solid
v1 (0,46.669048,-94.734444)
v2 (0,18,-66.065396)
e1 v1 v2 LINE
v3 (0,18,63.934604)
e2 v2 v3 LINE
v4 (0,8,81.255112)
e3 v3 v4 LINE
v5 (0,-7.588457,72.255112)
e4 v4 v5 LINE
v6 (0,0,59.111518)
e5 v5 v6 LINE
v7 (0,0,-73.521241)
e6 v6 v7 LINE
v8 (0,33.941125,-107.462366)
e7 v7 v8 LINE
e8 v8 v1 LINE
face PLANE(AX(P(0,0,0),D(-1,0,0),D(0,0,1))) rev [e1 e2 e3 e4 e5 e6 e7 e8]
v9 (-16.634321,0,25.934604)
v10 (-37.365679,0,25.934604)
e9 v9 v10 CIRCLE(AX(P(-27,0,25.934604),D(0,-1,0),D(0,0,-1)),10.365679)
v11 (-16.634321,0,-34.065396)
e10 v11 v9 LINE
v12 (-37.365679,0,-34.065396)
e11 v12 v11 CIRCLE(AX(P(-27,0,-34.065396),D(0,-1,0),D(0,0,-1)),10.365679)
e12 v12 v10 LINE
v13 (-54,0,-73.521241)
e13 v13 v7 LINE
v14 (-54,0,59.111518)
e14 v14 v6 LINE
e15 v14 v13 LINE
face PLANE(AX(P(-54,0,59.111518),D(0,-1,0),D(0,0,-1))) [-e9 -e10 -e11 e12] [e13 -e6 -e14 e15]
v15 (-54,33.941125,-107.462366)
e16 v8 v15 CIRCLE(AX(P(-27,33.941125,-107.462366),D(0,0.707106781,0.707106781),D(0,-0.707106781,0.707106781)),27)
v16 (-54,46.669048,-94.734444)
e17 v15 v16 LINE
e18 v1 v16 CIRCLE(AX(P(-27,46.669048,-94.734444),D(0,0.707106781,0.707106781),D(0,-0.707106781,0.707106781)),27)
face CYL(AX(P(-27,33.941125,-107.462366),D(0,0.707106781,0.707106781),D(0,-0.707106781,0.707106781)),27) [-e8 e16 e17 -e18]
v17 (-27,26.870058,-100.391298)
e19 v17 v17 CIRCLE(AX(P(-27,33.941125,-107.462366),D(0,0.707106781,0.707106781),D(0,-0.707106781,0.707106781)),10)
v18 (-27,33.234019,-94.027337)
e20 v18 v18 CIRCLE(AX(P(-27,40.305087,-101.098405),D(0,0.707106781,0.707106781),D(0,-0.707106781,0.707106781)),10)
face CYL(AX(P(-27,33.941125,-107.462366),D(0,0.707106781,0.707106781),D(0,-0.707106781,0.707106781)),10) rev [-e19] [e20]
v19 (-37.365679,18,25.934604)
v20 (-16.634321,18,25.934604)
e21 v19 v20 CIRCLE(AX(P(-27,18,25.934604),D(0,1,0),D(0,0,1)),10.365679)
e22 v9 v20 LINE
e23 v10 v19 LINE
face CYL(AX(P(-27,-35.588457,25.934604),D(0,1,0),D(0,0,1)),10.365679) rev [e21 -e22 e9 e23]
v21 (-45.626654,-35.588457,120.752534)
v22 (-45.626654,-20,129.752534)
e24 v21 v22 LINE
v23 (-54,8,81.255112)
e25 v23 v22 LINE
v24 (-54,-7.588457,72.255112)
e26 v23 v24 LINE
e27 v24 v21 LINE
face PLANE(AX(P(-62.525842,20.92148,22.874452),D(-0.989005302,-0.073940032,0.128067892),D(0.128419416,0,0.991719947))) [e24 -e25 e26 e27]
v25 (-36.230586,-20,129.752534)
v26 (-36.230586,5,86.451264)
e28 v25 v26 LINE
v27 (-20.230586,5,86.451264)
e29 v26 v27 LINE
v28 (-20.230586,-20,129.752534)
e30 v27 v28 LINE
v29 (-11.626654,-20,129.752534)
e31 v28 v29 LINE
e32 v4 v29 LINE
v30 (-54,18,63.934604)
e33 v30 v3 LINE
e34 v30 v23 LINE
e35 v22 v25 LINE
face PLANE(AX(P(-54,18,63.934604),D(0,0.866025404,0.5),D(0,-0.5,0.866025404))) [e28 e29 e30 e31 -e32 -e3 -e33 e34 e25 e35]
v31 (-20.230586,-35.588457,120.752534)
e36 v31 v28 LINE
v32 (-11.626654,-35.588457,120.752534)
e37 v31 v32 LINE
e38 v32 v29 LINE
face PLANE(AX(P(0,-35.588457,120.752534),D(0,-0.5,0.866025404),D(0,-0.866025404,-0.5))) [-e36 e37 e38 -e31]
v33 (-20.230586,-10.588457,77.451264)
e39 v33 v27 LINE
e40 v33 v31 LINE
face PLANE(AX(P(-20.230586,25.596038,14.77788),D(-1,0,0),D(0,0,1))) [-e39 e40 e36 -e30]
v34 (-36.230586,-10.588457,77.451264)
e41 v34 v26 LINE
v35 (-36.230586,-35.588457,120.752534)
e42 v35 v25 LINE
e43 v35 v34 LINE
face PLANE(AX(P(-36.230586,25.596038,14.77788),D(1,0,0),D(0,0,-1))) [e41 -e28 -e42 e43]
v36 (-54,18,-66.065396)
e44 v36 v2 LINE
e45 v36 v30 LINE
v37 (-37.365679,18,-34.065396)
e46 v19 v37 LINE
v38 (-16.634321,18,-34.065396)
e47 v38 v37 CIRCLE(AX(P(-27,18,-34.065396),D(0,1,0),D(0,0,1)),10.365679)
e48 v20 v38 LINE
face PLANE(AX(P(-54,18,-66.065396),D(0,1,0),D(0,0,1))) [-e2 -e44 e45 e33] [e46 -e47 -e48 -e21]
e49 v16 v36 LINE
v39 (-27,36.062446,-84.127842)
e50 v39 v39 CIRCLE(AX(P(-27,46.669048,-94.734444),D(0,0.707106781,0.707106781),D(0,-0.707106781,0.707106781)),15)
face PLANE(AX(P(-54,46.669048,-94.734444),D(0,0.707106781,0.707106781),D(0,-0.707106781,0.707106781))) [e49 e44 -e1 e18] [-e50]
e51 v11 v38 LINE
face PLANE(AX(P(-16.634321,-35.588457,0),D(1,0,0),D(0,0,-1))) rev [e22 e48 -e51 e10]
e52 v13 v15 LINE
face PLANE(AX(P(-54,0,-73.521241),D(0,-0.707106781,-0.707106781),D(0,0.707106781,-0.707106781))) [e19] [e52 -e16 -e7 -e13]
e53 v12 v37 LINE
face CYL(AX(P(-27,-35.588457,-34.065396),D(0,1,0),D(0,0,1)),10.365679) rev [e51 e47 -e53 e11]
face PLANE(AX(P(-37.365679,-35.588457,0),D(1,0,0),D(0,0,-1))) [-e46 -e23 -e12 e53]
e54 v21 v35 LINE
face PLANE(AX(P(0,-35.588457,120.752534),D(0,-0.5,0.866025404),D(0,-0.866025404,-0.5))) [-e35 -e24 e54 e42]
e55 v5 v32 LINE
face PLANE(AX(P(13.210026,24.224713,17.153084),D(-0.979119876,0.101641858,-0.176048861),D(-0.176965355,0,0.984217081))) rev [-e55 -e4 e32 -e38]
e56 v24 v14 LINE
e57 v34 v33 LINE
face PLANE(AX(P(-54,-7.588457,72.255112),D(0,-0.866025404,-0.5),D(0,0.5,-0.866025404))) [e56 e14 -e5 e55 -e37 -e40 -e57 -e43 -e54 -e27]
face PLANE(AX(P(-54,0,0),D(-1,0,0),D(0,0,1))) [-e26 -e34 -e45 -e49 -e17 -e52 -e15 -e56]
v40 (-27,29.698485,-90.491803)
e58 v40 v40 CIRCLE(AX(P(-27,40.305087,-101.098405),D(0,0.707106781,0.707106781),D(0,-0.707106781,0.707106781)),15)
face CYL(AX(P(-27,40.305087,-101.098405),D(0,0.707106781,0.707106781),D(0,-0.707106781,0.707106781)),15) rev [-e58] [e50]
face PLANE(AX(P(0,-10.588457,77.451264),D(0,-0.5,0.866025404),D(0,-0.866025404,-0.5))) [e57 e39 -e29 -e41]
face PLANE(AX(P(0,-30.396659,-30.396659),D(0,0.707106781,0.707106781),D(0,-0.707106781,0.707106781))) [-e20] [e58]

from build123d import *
from build123d.topology import SkipClean

# Parameters (mm, degrees)
BOSS_EXTRUDE1_DEPTH = 54
BOSS_EXTRUDE2_DEPTH = 18
SKETCH4_R           = 27
SKETCH4_R_2         = 15
BOSS_EXTRUDE4_DEPTH = 18
CUT_EXTRUDE1_DEPTH  = 18
BOSS_EXTRUDE5_DEPTH = 18
SKETCH4_6_R         = 15
SKETCH4_6_R_2       = 10
CUT_EXTRUDE2_DEPTH  = 9
CUT_EXTRUDE3_DEPTH  = 151.410913499


with BuildPart() as part:
    # Sketch1 → Boss-Extrude1 (new body)
    with BuildSketch(Plane(origin=(0, 0, 0), x_dir=(0, 0, -1), z_dir=(1, 0, 0))):
        Polygon((-59.11151811, 0), (73.521240549, 0), (107.462366046, 33.941125497), (94.734443984, 46.669047558), (66.065396426, 18), (-63.934603574, 18), (-81.25511165, 8), (-72.25511165, -7.588457268), align=None)
    extrude(amount=-BOSS_EXTRUDE1_DEPTH)

    # Sketch2 → Boss-Extrude2 (add)
    with BuildSketch(Plane(origin=(0, 41.184495438, 23.777879528), x_dir=(1, 0, 0), z_dir=(0, 0.8660254037844378, 0.5000000000000016))):
        Polygon((-11.626654027, -122.368990876), (0, -66.368990876), (-54, -66.368990876), (-45.626654027, -122.368990876), (-36.230586406, -122.368990876), (-36.230586406, -72.368990876), (-20.230586406, -72.368990876), (-20.230586406, -122.368990876), align=None)
    extrude(amount=-BOSS_EXTRUDE2_DEPTH)

    # Sketch4 → Boss-Extrude4 (add)
    with BuildSketch(Plane(origin=(0, -24.032698213, -24.032698213), x_dir=(1, 0, 0), z_dir=(0, 0.7071067811865462, 0.7071067811865489))):
        with Locations((-27, 99.987367753)):
            Circle(SKETCH4_R)
        with Locations((-27, 99.987367753)):
            Circle(SKETCH4_R_2, mode=Mode.SUBTRACT)
    extrude(amount=-BOSS_EXTRUDE4_DEPTH)

    # Sketch4<4> → Cut-Extrude1 (cut)
    with BuildSketch(Plane(origin=(0, -24.032698213, -24.032698213), x_dir=(1, 0, 0), z_dir=(0, 0.7071067811865462, 0.7071067811865489))):
        with BuildLine():
            ThreePointArc((-37, 99.987367753), (-27, 89.987367753), (-17, 99.987367753))
            Line((-17, 99.987367753), (-37, 99.987367753))
        make_face()
    extrude(amount=-CUT_EXTRUDE1_DEPTH, mode=Mode.SUBTRACT)

    # Sketch4<5> → Boss-Extrude5 (add)
    with SkipClean():  # the faces are left unmerged after this step: merging them gives an invalid solid
        with BuildSketch(Plane(origin=(0, -24.032698213, -24.032698213), x_dir=(1, 0, 0), z_dir=(0, 0.7071067811865462, 0.7071067811865489))):
            with BuildLine():
                Line((-17, 99.987367753), (-12, 99.987367753))
                ThreePointArc((-12, 99.987367753), (-27, 114.987367753), (-42, 99.987367753))
                Line((-42, 99.987367753), (-37, 99.987367753))
                ThreePointArc((-37, 99.987367753), (-27, 109.987367753), (-17, 99.987367753))
            make_face()
        extrude(amount=-BOSS_EXTRUDE5_DEPTH)

    # Sketch4<6> → Cut-Extrude2 (cut)
    with SkipClean():  # the faces are left unmerged after this step: merging them gives an invalid solid
        with BuildSketch(Plane(origin=(0, -24.032698213, -24.032698213), x_dir=(1, 0, 0), z_dir=(0, 0.7071067811865462, 0.7071067811865489))):
            with Locations((-27, 99.987367753)):
                Circle(SKETCH4_6_R)
            with Locations((-27, 99.987367753)):
                Circle(SKETCH4_6_R_2, mode=Mode.SUBTRACT)
        extrude(amount=-CUT_EXTRUDE2_DEPTH, mode=Mode.SUBTRACT)

    # Sketch5 → Cut-Extrude3 (cut, through all)
    with SkipClean():  # the faces are left unmerged after this step: merging them gives an invalid solid
        with BuildSketch(Plane(origin=(0, 18, 0), x_dir=(1, 0, 0), z_dir=(0, 1, 0))):
            with BuildLine():
                Line((-37.365679465, 34.065396426), (-37.365679465, -25.934603574))
                ThreePointArc((-37.365679465, -25.934603574), (-27, -36.300283039), (-16.634320535, -25.934603574))
                Line((-16.634320535, -25.934603574), (-16.634320535, 34.065396426))
                ThreePointArc((-16.634320535, 34.065396426), (-27, 44.431075891), (-37.365679465, 34.065396426))
            make_face()
        extrude(amount=-CUT_EXTRUDE3_DEPTH, mode=Mode.SUBTRACT)


solid = part.part
